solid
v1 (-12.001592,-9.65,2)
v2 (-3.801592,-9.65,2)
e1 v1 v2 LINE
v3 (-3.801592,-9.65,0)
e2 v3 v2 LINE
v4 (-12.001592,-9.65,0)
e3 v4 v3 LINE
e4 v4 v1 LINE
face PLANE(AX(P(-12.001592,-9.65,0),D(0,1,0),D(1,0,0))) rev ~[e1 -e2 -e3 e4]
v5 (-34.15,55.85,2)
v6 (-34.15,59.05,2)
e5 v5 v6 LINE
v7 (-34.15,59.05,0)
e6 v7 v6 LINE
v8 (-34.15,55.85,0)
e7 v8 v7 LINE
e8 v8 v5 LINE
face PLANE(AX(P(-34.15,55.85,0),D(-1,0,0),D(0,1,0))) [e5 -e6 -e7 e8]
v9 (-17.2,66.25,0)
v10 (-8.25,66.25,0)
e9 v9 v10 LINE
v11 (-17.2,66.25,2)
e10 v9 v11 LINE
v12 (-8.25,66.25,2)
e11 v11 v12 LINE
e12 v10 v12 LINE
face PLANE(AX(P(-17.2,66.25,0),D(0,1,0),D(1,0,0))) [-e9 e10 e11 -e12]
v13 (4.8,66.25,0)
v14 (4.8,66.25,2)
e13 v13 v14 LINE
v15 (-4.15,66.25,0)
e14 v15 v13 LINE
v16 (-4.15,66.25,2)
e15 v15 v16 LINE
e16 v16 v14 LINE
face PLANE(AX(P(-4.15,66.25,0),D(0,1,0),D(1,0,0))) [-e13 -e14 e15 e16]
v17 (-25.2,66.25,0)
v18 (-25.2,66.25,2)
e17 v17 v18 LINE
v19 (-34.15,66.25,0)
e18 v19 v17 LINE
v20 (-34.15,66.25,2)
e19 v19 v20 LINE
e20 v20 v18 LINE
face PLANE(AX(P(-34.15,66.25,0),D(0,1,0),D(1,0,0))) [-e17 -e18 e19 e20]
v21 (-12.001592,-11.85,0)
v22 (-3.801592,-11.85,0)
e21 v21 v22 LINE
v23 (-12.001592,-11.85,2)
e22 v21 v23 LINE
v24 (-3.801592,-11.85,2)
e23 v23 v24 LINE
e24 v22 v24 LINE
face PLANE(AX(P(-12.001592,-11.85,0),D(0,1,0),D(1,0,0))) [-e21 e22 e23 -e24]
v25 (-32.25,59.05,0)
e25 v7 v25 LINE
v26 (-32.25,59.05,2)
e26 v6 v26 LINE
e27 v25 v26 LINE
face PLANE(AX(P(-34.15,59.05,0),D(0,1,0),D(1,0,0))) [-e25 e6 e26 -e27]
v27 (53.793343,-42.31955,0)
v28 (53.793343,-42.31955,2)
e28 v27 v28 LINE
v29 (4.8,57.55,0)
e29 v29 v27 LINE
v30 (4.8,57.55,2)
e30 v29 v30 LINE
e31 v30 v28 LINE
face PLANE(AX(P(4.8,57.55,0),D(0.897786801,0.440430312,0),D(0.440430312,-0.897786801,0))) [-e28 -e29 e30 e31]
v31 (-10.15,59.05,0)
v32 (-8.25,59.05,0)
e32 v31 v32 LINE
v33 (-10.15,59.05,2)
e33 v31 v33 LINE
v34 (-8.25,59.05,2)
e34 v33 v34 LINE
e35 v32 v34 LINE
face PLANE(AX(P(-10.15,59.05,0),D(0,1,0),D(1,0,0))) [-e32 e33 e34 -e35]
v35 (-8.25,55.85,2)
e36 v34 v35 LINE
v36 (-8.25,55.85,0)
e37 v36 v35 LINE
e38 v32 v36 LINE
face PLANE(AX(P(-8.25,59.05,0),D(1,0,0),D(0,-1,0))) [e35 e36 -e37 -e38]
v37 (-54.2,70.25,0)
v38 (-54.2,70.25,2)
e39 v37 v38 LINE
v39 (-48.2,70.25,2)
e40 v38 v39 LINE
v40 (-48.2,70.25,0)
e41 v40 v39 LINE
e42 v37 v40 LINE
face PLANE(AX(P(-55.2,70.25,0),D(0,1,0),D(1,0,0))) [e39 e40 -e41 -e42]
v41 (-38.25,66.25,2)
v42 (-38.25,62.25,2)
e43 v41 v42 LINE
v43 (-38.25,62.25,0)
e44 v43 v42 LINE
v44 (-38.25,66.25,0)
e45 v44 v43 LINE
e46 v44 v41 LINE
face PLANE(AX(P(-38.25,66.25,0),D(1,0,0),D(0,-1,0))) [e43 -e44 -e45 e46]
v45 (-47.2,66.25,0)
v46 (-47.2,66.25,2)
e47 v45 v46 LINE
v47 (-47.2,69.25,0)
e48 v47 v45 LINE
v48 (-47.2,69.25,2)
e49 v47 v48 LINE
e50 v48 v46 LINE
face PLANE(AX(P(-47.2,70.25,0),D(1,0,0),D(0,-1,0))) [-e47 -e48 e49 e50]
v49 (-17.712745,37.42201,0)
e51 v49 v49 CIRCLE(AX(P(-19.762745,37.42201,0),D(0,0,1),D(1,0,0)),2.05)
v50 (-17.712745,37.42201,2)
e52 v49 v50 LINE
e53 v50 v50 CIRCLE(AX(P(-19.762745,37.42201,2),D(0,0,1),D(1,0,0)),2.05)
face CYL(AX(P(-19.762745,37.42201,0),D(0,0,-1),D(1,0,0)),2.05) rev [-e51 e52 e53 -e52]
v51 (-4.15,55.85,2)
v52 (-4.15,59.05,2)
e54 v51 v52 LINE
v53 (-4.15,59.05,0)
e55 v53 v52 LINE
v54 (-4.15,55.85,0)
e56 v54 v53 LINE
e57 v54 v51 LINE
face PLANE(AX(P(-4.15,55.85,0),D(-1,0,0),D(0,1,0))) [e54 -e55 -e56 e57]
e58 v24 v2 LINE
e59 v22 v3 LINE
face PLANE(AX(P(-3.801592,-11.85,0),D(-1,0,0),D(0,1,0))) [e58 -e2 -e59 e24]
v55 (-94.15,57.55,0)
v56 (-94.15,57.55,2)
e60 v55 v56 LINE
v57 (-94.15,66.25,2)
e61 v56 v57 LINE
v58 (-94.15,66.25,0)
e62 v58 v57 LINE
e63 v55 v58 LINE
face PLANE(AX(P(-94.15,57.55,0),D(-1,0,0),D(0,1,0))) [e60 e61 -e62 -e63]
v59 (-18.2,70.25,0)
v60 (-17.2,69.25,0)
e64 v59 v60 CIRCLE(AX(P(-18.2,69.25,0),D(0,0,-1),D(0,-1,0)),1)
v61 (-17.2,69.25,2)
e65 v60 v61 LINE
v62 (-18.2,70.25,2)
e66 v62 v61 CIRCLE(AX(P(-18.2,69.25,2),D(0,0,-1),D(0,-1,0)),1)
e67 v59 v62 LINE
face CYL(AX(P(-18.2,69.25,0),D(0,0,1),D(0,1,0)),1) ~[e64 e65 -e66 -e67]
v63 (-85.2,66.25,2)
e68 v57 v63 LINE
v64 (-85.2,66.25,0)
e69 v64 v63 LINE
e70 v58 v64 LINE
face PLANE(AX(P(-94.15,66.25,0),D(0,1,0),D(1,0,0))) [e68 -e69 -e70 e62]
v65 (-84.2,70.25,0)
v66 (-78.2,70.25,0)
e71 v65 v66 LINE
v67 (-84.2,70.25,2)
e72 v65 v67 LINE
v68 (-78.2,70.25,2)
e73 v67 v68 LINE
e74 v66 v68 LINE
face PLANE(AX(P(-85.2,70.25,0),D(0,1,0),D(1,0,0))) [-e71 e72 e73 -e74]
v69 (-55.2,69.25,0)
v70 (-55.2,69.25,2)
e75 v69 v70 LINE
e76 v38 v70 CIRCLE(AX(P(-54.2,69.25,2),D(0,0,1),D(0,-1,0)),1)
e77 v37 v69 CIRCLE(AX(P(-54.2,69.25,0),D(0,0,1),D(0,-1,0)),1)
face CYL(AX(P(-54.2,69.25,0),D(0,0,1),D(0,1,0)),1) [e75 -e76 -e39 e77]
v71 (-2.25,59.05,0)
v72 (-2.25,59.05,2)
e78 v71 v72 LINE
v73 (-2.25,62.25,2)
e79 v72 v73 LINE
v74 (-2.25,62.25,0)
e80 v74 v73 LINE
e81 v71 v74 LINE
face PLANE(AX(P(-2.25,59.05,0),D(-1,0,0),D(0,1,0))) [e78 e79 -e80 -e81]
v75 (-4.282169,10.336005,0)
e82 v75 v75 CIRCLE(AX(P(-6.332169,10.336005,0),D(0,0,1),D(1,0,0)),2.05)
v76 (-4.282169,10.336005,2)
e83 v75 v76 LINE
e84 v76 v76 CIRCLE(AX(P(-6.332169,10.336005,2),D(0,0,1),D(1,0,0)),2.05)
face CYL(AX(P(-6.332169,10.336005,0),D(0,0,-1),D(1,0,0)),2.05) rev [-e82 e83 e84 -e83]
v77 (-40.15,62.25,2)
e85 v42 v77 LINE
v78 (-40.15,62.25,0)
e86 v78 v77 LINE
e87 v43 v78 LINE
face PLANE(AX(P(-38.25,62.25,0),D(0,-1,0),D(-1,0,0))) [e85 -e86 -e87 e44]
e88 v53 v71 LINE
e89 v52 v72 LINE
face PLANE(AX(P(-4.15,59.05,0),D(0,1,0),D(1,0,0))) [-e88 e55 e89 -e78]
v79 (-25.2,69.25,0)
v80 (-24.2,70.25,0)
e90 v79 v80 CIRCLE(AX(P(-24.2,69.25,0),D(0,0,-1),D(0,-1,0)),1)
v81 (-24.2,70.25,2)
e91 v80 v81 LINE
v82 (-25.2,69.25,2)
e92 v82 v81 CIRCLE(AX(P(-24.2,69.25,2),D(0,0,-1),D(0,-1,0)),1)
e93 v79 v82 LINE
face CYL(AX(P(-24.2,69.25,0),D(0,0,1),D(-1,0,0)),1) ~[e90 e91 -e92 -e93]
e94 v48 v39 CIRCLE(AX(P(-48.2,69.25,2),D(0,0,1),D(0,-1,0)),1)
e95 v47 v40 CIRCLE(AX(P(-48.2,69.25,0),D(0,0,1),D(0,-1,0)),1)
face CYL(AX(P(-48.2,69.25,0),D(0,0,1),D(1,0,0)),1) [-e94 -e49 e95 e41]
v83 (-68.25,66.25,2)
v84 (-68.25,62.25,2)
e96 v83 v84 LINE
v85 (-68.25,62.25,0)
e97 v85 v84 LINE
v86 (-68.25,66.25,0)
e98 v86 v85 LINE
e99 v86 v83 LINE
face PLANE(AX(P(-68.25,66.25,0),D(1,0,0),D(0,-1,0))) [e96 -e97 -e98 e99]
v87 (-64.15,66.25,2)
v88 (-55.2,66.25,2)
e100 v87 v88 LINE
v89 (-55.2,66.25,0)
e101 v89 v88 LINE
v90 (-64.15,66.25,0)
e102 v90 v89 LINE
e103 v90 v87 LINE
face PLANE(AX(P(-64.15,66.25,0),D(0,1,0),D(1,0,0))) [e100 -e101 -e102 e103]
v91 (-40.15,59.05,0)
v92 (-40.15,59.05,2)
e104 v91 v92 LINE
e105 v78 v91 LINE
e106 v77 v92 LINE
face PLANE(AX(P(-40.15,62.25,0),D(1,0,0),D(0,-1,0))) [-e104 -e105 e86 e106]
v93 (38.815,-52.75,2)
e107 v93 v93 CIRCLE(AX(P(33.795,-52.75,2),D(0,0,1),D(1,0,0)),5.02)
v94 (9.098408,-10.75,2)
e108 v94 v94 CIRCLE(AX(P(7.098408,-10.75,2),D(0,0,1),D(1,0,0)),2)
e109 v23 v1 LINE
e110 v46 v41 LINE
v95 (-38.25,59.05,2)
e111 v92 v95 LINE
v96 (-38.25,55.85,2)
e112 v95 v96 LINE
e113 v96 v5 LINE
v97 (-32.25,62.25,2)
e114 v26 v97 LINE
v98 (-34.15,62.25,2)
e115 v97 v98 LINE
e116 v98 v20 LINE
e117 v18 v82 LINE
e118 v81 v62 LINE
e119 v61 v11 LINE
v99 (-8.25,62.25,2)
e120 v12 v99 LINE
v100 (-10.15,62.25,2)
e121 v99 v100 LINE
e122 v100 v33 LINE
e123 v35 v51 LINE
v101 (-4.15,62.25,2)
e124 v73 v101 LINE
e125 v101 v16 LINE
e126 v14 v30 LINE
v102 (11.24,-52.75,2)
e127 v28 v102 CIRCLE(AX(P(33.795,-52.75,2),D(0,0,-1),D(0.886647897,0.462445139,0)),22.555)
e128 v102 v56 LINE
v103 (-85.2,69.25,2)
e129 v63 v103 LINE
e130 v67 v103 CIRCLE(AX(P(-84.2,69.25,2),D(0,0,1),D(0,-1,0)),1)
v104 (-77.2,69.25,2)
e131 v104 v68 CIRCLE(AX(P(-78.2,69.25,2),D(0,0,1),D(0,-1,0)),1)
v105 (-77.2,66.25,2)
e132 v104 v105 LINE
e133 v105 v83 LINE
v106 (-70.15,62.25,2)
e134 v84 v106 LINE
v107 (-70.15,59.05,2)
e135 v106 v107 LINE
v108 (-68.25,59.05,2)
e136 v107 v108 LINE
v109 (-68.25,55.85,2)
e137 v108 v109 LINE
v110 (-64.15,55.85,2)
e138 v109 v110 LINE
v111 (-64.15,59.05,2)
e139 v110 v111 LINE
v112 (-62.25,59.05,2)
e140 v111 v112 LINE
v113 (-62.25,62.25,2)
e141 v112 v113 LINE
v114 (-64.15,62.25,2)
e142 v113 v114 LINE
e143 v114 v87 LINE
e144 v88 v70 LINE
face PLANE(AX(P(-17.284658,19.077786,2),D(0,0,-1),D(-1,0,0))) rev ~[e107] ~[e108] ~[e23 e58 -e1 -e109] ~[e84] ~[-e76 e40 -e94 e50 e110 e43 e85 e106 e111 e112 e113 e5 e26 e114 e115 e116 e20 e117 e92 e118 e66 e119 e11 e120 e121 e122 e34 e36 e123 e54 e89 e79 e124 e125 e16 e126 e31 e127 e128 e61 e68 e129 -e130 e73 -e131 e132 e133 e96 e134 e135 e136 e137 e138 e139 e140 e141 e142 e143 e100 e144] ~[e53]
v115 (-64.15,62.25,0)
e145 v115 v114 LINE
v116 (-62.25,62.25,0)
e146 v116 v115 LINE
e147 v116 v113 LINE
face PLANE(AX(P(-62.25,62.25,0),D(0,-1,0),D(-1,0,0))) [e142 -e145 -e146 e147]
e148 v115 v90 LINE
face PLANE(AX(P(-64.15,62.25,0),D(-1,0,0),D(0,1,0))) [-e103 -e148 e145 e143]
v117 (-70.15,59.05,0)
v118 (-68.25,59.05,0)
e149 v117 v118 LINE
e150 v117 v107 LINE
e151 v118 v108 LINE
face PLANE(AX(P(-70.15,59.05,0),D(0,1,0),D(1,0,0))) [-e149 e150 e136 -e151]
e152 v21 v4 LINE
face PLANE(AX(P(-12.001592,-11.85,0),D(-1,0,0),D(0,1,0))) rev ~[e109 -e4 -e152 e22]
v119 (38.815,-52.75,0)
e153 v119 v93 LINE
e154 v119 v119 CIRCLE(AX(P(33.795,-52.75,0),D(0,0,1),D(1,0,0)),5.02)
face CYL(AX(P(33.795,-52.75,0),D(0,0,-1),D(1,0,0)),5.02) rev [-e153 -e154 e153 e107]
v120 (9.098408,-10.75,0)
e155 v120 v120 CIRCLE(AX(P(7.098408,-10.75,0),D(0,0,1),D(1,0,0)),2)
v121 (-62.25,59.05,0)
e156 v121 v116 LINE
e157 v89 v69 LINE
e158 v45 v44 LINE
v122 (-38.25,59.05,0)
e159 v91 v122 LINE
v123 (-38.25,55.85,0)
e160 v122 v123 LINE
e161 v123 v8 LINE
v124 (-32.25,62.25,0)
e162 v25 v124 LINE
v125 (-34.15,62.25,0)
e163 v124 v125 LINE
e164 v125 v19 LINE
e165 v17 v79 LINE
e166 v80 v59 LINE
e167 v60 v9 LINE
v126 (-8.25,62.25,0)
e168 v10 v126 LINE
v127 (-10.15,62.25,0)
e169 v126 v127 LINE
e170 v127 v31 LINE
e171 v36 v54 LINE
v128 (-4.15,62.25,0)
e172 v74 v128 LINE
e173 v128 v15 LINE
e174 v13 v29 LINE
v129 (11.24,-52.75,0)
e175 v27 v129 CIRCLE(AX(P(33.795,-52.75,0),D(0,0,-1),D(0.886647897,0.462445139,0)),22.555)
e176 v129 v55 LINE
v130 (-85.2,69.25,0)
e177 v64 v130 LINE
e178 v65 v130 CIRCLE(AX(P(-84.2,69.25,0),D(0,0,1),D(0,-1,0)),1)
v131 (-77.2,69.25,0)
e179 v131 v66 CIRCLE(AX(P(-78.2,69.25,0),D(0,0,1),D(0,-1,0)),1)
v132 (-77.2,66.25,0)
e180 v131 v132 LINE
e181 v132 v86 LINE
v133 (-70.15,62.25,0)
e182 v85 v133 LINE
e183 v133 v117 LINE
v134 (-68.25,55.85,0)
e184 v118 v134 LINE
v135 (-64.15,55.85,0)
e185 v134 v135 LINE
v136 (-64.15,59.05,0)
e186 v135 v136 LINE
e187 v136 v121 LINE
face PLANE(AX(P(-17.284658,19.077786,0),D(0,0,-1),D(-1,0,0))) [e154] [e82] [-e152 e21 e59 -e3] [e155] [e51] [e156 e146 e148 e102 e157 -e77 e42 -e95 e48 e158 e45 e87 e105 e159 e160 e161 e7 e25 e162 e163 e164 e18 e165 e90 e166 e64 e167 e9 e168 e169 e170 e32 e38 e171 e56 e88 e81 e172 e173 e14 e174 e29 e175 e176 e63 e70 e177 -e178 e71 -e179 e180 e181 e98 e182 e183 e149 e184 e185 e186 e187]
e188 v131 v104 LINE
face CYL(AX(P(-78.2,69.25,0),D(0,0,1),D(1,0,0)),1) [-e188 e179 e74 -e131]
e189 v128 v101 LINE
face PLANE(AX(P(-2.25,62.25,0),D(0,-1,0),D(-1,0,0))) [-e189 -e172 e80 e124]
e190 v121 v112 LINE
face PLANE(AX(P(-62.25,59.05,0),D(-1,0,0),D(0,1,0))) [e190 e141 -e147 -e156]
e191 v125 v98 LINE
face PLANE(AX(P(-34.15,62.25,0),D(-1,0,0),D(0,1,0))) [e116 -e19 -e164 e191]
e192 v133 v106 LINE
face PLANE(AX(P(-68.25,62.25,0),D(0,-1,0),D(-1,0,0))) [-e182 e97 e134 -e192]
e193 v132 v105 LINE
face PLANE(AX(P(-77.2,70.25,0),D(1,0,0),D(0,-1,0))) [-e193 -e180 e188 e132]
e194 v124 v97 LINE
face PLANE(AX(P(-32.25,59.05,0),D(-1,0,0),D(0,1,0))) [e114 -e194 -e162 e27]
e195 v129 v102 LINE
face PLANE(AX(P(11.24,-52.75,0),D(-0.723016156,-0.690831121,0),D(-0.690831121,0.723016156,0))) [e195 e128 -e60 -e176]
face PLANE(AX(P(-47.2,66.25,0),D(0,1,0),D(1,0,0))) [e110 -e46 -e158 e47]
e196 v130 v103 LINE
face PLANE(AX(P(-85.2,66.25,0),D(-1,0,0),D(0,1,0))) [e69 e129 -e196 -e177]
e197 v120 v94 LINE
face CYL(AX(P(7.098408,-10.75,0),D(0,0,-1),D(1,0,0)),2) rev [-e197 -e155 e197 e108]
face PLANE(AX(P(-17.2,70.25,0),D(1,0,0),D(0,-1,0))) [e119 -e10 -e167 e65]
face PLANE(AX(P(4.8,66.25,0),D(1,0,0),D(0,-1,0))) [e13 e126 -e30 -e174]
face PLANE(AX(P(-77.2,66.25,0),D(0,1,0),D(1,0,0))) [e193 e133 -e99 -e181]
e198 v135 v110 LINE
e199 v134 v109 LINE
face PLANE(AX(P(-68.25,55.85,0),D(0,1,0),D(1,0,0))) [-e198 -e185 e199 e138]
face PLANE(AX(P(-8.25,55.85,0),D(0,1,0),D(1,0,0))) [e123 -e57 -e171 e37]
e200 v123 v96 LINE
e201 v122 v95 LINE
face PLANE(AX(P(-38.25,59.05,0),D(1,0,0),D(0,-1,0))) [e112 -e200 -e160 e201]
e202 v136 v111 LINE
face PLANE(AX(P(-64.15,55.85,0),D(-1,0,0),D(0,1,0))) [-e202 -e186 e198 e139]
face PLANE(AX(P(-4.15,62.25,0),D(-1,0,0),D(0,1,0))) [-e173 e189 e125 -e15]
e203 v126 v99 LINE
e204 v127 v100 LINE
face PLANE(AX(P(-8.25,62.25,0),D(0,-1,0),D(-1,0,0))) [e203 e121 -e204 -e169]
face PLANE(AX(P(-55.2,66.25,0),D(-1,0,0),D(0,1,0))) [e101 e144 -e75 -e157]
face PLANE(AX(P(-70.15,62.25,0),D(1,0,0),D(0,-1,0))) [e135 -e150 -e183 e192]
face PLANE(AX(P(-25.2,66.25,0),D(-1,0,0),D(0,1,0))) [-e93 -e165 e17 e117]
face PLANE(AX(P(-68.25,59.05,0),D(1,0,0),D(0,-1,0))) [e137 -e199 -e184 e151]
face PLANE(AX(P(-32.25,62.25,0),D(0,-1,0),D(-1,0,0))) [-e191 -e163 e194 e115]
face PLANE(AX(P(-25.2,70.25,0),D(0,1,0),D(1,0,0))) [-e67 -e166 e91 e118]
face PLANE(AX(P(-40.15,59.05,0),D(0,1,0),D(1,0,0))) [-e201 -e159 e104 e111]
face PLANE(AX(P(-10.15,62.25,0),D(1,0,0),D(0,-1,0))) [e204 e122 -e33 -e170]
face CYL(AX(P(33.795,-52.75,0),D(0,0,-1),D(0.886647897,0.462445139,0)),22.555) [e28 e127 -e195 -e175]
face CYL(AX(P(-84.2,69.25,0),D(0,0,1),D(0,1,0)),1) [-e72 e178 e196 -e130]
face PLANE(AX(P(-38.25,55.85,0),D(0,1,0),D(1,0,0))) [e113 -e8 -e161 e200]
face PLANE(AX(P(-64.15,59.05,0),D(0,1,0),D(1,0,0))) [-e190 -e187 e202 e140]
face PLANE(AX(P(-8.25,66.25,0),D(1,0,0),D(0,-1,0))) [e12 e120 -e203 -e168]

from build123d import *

# Parameters (mm, degrees)
SKETCH_1_R      = 2
SKETCH_1_R_2    = 5.02
SKETCH_1_R_3    = 2.05
SKETCH_1_W      = 8.2
SKETCH_1_H      = 2.2
EXTRUDE_1_DEPTH = 2
FILLET_1_R      = 1


with BuildPart() as part:
    # 草图1 → 凸台-拉伸1 (new body)
    with BuildSketch(Plane.XY):
        with BuildLine():
            Line((-38.25, 66.25), (-38.25, 62.25))
            Line((-38.25, 62.25), (-40.15, 62.25))
            Line((-40.15, 62.25), (-40.15, 59.05))
            Line((-40.15, 59.05), (-38.25, 59.05))
            Line((-38.25, 59.05), (-38.25, 55.85))
            Line((-38.25, 55.85), (-34.15, 55.85))
            Line((-34.15, 55.85), (-34.15, 59.05))
            Line((-34.15, 59.05), (-32.25, 59.05))
            Line((-32.25, 59.05), (-32.25, 62.25))
            Line((-32.25, 62.25), (-34.15, 62.25))
            Line((-34.15, 62.25), (-34.15, 66.25))
            Line((-34.15, 66.25), (-25.2, 66.25))
            Line((-25.2, 66.25), (-25.2, 70.25))
            Line((-25.2, 70.25), (-17.2, 70.25))
            Line((-17.2, 70.25), (-17.2, 66.25))
            Line((-17.2, 66.25), (-8.25, 66.25))
            Line((-8.25, 66.25), (-8.25, 62.25))
            Line((-8.25, 62.25), (-10.15, 62.25))
            Line((-10.15, 62.25), (-10.15, 59.05))
            Line((-10.15, 59.05), (-8.25, 59.05))
            Line((-8.25, 59.05), (-8.25, 55.85))
            Line((-8.25, 55.85), (-4.15, 55.85))
            Line((-4.15, 55.85), (-4.15, 59.05))
            Line((-4.15, 59.05), (-2.25, 59.05))
            Line((-2.25, 59.05), (-2.25, 62.25))
            Line((-2.25, 62.25), (-4.15, 62.25))
            Line((-4.15, 62.25), (-4.15, 66.25))
            Line((-4.15, 66.25), (4.8, 66.25))
            Line((4.8, 66.25), (4.8, 57.55))
            Line((4.8, 57.55), (53.793343317, -42.319549886))
            ThreePointArc((53.793343317, -42.319549886), (39.164608528, -74.656513398), (11.24, -52.75))
            Line((11.24, -52.75), (-94.15, 57.55))
            Line((-94.15, 57.55), (-94.15, 66.25))
            Line((-94.15, 66.25), (-85.2, 66.25))
            Line((-85.2, 66.25), (-85.2, 70.25))
            Line((-85.2, 70.25), (-77.2, 70.25))
            Line((-77.2, 70.25), (-77.2, 66.25))
            Line((-77.2, 66.25), (-68.25, 66.25))
            Line((-68.25, 66.25), (-68.25, 62.25))
            Line((-68.25, 62.25), (-70.15, 62.25))
            Line((-70.15, 62.25), (-70.15, 59.05))
            Line((-70.15, 59.05), (-68.25, 59.05))
            Line((-68.25, 59.05), (-68.25, 55.85))
            Line((-68.25, 55.85), (-64.15, 55.85))
            Line((-64.15, 55.85), (-64.15, 59.05))
            Line((-64.15, 59.05), (-62.25, 59.05))
            Line((-62.25, 59.05), (-62.25, 62.25))
            Line((-62.25, 62.25), (-64.15, 62.25))
            Line((-64.15, 62.25), (-64.15, 66.25))
            Line((-64.15, 66.25), (-55.2, 66.25))
            Line((-55.2, 66.25), (-55.2, 70.25))
            Line((-55.2, 70.25), (-47.2, 70.25))
            Line((-47.2, 70.25), (-47.2, 66.25))
            Line((-47.2, 66.25), (-38.25, 66.25))
        make_face()
        with Locations((7.098407643, -10.75)):
            Circle(SKETCH_1_R, mode=Mode.SUBTRACT)
        with Locations((33.795, -52.75)):
            Circle(SKETCH_1_R_2, mode=Mode.SUBTRACT)
        with Locations((-6.332168895, 10.336005166)):
            Circle(SKETCH_1_R_3, mode=Mode.SUBTRACT)
        with Locations((-19.762745434, 37.422010331)):
            Circle(SKETCH_1_R_3, mode=Mode.SUBTRACT)
        with Locations((-7.901592357, -10.75)):
            Rectangle(SKETCH_1_W, SKETCH_1_H, mode=Mode.SUBTRACT)
    extrude(amount=EXTRUDE_1_DEPTH)

    # 圆角1
    fillet_1_edges = [part.edges().sort_by_distance(p)[0] for p in [
        (-25.2, 70.25, 1),
        (-17.2, 70.25, 1),
        (-85.2, 70.25, 1),
        (-77.2, 70.25, 1),
        (-55.2, 70.25, 1),
        (-47.2, 70.25, 1),
    ]]
    fillet(fillet_1_edges, radius=FILLET_1_R)


solid = part.part
